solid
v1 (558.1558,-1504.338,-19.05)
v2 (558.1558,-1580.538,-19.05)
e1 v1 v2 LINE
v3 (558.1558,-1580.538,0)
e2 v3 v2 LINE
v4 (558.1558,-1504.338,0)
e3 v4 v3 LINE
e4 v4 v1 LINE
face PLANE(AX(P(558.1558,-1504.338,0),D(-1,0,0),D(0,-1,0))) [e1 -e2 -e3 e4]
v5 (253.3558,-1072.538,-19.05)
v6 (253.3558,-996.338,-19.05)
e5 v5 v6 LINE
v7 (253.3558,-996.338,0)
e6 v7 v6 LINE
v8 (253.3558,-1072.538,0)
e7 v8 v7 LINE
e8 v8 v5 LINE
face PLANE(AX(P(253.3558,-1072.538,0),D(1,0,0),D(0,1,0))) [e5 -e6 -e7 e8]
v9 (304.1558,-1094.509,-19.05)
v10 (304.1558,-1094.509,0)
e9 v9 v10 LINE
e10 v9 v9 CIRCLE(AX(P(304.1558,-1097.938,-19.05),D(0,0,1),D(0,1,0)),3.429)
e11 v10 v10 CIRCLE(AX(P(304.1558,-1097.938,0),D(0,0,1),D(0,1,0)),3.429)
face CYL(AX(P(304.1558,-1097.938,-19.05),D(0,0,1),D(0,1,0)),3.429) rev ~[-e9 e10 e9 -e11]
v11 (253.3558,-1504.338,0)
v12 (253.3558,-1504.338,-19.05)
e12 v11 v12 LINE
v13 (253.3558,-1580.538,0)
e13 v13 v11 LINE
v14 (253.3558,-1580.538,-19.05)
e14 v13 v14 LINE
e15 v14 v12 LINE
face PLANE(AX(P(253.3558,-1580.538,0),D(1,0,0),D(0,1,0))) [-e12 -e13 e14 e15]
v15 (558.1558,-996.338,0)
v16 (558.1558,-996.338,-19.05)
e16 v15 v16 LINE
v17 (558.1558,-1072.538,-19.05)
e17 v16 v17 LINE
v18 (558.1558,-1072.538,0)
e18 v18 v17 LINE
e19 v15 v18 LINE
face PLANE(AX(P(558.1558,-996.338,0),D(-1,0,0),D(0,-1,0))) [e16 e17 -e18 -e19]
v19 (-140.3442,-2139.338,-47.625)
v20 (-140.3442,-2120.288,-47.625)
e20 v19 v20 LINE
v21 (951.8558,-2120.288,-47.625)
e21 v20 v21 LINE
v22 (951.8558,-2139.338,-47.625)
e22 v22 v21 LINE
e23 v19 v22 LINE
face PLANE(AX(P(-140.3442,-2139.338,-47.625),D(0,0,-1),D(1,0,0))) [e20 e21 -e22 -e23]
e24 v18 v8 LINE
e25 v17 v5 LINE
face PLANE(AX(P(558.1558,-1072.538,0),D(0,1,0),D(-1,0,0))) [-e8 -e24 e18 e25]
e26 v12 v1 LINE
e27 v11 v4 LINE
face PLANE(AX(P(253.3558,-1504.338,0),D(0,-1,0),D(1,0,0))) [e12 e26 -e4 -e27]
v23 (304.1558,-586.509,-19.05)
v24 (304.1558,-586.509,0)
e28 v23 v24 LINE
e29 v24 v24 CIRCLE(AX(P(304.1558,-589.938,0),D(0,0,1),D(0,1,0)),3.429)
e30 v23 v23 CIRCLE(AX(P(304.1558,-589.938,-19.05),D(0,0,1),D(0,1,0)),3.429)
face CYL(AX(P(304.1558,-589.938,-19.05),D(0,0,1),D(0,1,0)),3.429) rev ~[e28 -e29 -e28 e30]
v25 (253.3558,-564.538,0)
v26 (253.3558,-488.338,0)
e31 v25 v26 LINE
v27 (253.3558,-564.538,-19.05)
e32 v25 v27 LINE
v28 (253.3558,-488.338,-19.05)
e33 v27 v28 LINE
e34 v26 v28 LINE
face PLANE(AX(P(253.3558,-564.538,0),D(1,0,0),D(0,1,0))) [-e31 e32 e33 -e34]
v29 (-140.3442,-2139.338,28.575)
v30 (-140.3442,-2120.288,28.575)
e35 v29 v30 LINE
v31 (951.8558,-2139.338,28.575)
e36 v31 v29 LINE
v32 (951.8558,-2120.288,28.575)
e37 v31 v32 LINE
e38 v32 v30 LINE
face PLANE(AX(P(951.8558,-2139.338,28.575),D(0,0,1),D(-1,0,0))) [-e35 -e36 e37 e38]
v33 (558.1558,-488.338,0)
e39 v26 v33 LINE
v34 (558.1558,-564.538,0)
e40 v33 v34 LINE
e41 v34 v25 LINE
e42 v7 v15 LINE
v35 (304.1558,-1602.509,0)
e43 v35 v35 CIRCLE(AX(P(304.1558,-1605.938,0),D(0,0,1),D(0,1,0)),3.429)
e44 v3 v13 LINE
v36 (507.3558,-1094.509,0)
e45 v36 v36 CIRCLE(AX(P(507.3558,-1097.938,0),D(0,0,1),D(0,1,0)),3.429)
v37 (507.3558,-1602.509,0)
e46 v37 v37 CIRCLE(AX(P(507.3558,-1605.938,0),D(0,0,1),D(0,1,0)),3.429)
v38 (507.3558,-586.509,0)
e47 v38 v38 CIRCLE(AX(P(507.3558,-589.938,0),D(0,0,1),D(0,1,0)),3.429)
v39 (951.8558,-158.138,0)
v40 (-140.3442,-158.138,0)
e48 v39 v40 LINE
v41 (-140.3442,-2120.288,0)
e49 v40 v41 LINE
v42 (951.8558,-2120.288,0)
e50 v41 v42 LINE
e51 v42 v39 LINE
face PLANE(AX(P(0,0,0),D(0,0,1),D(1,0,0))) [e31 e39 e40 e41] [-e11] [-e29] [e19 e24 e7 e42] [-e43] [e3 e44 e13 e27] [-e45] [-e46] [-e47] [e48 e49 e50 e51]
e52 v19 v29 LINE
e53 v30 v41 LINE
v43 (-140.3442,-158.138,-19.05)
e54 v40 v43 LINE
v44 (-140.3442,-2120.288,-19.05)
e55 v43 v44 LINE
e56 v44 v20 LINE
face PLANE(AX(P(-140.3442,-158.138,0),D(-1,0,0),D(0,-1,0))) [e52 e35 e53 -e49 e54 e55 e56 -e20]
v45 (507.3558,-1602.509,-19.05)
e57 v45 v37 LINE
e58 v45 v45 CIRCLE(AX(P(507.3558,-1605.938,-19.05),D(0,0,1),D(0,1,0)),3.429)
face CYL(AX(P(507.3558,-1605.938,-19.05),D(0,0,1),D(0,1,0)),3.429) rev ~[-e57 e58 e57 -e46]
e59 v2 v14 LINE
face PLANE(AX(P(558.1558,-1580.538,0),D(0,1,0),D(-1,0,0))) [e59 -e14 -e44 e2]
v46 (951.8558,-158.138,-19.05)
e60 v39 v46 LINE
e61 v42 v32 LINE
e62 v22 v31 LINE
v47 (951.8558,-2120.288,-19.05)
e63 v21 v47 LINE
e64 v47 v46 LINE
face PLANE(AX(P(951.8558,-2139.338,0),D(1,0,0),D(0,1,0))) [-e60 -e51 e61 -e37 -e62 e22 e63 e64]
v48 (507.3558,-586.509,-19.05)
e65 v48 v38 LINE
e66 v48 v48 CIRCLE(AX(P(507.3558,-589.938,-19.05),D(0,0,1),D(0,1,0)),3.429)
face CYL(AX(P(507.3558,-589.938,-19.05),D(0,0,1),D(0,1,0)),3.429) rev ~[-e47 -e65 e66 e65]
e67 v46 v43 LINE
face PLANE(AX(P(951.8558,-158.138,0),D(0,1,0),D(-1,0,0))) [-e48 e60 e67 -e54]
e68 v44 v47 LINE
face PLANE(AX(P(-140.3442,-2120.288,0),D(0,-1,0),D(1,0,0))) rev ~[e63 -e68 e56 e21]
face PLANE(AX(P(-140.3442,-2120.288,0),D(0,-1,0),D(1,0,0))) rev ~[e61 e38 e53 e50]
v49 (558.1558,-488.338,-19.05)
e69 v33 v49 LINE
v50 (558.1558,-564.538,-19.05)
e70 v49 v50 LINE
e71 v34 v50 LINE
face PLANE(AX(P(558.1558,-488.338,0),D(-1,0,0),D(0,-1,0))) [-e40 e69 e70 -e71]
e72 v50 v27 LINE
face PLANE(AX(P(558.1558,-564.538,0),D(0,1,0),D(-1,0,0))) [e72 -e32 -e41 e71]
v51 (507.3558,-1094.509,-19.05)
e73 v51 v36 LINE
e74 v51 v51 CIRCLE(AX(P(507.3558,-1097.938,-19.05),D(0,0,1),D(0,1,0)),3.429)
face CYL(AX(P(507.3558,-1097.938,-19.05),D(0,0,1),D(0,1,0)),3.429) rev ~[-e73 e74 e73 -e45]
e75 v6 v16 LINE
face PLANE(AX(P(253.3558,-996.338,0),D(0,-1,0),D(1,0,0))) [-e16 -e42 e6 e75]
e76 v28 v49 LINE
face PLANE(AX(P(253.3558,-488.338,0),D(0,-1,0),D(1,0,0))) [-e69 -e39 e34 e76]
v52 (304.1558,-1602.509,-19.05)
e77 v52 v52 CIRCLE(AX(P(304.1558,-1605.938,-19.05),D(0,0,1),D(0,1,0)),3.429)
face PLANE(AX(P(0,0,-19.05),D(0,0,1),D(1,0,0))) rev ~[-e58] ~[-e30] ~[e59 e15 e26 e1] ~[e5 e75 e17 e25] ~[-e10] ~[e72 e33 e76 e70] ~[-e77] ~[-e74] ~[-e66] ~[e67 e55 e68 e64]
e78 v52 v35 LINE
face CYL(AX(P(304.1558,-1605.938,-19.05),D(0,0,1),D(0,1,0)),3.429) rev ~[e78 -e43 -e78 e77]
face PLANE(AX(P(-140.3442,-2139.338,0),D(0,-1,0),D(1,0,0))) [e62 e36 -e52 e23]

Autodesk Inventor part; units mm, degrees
ref_plane "YZ Plane" through (0, 0, 0) normal (1, 0, 0) x (0, 1, 0)
ref_plane "XZ Plane" through (0, 0, 0) normal (0, 1, 0) x (-1, 0, 0)
ref_plane "XY Plane" through (0, 0, 0) normal (0, 0, 1) x (1, 0, 0)
sketch "Sketch1" plane through (0, 0, 0) normal (0, 0, 1) x (1, 0, 0)
  line L0 (-140.3442, -2139.338) -> (951.8558, -2139.338)
  line L1 (951.8558, -2139.338) -> (951.8558, -158.138)
  line L2 (951.8558, -158.138) -> (-140.3442, -158.138)
  line L3 (-140.3442, -158.138) -> (-140.3442, -2139.338)
  line L4 (253.3558, -488.338) -> (558.1558, -488.338)
  line L5 (558.1558, -488.338) -> (558.1558, -564.538)
  line L6 (558.1558, -564.538) -> (253.3558, -564.538)
  line L7 (253.3558, -564.538) -> (253.3558, -488.338)
  line L8 (253.3558, -996.338) -> (558.1558, -996.338)
  line L9 (558.1558, -996.338) -> (558.1558, -1072.538)
  line L10 (558.1558, -1072.538) -> (253.3558, -1072.538)
  line L11 (253.3558, -1072.538) -> (253.3558, -996.338)
  line L12 (253.3558, -1504.338) -> (558.1558, -1504.338)
  line L13 (558.1558, -1504.338) -> (558.1558, -1580.538)
  line L14 (558.1558, -1580.538) -> (253.3558, -1580.538)
  line L15 (253.3558, -1580.538) -> (253.3558, -1504.338)
  point P0 (0, 0)
  dimension "d0" = 1092.2
  dimension "d1" = 1981.2
  dimension "d2" = 393.7
  dimension "d3" = 393.7
  dimension "d4" = 393.7
  dimension "d5" = 304.8
  dimension "d6" = 304.8
  dimension "d7" = 304.8
  dimension "d8" = 76.2
  dimension "d9" = 76.2
  dimension "d10" = 76.2
  dimension "d11" = 558.8
  dimension "d12" = 1066.8
  dimension "d13" = 1574.8
extrude "Extrusion1" add sketch "Sketch1" against normal blind 19.05
sketch "Sketch2" plane through (-140.3442, -2139.338, 0) normal (0, -1, 0) x (1, 0, 0)
  line L0 (0, -19.05) -> (1092.2, -19.05) projected
  line L1 (1092.2, 0) -> (1092.2, -19.05) projected
  line L2 (0, 0) -> (1092.2, 0) projected
  line L3 (0, 0) -> (0, -19.05) projected
  line L4 (0, -19.05) -> (1092.2, -19.05) projected
  line L5 (1092.2, 0) -> (1092.2, -19.05) projected
  line L6 (0, 0) -> (1092.2, 0) projected
  line L7 (0, 0) -> (0, -19.05) projected
  line L8 (1092.2, 28.575) -> (0, 28.575)
  line L9 (0, 28.575) -> (0, -47.625)
  line L10 (0, -47.625) -> (1092.2, -47.625)
  line L11 (1092.2, -47.625) -> (1092.2, 28.575)
  point P0 (140.3442, 0)
  dimension "d16" = 76.2
  dimension "d17" = 28.575
extrude "Extrusion2" add sketch "Sketch2" against normal blind 19.05 contours L0 L11 L10 L9 | L9 L8 L11 L2
sketch "Sketch3" plane through (0, 0, -19.05) normal (0, 0, -1) x (-1, 0, 0)
  line L0 (-253.3558, -996.338) -> (-253.3558, -1072.538) projected
  line L1 (-253.3558, -1072.538) -> (-558.1558, -1072.538) projected
  line L2 (-558.1558, -1072.538) -> (-558.1558, -996.338) projected
  line L3 (-253.3558, -488.338) -> (-253.3558, -564.538) projected
  line L4 (-253.3558, -564.538) -> (-558.1558, -564.538) projected
  line L5 (-558.1558, -564.538) -> (-558.1558, -488.338) projected
  line L6 (-253.3558, -1504.338) -> (-253.3558, -1580.538) projected
  line L7 (-253.3558, -1580.538) -> (-558.1558, -1580.538) projected
  line L8 (-558.1558, -1580.538) -> (-558.1558, -1504.338) projected
  point P0 (0, 0)
  point P1 (-507.3558, -589.938)
  point P2 (-304.1558, -589.938)
  point P3 (-507.3558, -1097.938)
  point P4 (-304.1558, -1097.938)
  point P5 (-507.3558, -1605.938)
  point P6 (-304.1558, -1605.938)
  dimension "d20" = 50.8
  dimension "d21" = 50.8
  dimension "d22" = 25.4
  dimension "d23" = 25.4
  dimension "d24" = 50.8
  dimension "d25" = 50.8
  dimension "d26" = 25.4
  dimension "d27" = 25.4
  dimension "d28" = 50.8
  dimension "d29" = 25.4
  dimension "d30" = 50.8
  dimension "d31" = 25.4
hole "Hole1" at (507.3558, -589.938, -19.05) at (304.1558, -589.938, -19.05) at (507.3558, -1097.938, -19.05) at (304.1558, -1097.938, -19.05) at (507.3558, -1605.938, -19.05) at (304.1558, -1605.938, -19.05) direction (0, 0, 1) diameter 6.858 depth 25.4 tip angle 118
thread "Thread1" size "5/16-18 UNC" class "2B" standard "ANSI Unified Screw Threads" full length
thread "Thread2" size "5/16-18 UNC" class "2B" standard "ANSI Unified Screw Threads" full length
thread "Thread3" size "5/16-18 UNC" class "2B" standard "ANSI Unified Screw Threads" full length
thread "Thread4" size "5/16-18 UNC" class "2B" standard "ANSI Unified Screw Threads" full length
thread "Thread5" size "5/16-18 UNC" class "2B" standard "ANSI Unified Screw Threads" full length
thread "Thread6" size "5/16-18 UNC" class "2B" standard "ANSI Unified Screw Threads" full length
equation "\"d6\" = d5"
equation "\"d7\" = d5"
equation "\"d9\" = d8"
equation "\"d10\" = d8"
properties part number "feederStationSlots"
